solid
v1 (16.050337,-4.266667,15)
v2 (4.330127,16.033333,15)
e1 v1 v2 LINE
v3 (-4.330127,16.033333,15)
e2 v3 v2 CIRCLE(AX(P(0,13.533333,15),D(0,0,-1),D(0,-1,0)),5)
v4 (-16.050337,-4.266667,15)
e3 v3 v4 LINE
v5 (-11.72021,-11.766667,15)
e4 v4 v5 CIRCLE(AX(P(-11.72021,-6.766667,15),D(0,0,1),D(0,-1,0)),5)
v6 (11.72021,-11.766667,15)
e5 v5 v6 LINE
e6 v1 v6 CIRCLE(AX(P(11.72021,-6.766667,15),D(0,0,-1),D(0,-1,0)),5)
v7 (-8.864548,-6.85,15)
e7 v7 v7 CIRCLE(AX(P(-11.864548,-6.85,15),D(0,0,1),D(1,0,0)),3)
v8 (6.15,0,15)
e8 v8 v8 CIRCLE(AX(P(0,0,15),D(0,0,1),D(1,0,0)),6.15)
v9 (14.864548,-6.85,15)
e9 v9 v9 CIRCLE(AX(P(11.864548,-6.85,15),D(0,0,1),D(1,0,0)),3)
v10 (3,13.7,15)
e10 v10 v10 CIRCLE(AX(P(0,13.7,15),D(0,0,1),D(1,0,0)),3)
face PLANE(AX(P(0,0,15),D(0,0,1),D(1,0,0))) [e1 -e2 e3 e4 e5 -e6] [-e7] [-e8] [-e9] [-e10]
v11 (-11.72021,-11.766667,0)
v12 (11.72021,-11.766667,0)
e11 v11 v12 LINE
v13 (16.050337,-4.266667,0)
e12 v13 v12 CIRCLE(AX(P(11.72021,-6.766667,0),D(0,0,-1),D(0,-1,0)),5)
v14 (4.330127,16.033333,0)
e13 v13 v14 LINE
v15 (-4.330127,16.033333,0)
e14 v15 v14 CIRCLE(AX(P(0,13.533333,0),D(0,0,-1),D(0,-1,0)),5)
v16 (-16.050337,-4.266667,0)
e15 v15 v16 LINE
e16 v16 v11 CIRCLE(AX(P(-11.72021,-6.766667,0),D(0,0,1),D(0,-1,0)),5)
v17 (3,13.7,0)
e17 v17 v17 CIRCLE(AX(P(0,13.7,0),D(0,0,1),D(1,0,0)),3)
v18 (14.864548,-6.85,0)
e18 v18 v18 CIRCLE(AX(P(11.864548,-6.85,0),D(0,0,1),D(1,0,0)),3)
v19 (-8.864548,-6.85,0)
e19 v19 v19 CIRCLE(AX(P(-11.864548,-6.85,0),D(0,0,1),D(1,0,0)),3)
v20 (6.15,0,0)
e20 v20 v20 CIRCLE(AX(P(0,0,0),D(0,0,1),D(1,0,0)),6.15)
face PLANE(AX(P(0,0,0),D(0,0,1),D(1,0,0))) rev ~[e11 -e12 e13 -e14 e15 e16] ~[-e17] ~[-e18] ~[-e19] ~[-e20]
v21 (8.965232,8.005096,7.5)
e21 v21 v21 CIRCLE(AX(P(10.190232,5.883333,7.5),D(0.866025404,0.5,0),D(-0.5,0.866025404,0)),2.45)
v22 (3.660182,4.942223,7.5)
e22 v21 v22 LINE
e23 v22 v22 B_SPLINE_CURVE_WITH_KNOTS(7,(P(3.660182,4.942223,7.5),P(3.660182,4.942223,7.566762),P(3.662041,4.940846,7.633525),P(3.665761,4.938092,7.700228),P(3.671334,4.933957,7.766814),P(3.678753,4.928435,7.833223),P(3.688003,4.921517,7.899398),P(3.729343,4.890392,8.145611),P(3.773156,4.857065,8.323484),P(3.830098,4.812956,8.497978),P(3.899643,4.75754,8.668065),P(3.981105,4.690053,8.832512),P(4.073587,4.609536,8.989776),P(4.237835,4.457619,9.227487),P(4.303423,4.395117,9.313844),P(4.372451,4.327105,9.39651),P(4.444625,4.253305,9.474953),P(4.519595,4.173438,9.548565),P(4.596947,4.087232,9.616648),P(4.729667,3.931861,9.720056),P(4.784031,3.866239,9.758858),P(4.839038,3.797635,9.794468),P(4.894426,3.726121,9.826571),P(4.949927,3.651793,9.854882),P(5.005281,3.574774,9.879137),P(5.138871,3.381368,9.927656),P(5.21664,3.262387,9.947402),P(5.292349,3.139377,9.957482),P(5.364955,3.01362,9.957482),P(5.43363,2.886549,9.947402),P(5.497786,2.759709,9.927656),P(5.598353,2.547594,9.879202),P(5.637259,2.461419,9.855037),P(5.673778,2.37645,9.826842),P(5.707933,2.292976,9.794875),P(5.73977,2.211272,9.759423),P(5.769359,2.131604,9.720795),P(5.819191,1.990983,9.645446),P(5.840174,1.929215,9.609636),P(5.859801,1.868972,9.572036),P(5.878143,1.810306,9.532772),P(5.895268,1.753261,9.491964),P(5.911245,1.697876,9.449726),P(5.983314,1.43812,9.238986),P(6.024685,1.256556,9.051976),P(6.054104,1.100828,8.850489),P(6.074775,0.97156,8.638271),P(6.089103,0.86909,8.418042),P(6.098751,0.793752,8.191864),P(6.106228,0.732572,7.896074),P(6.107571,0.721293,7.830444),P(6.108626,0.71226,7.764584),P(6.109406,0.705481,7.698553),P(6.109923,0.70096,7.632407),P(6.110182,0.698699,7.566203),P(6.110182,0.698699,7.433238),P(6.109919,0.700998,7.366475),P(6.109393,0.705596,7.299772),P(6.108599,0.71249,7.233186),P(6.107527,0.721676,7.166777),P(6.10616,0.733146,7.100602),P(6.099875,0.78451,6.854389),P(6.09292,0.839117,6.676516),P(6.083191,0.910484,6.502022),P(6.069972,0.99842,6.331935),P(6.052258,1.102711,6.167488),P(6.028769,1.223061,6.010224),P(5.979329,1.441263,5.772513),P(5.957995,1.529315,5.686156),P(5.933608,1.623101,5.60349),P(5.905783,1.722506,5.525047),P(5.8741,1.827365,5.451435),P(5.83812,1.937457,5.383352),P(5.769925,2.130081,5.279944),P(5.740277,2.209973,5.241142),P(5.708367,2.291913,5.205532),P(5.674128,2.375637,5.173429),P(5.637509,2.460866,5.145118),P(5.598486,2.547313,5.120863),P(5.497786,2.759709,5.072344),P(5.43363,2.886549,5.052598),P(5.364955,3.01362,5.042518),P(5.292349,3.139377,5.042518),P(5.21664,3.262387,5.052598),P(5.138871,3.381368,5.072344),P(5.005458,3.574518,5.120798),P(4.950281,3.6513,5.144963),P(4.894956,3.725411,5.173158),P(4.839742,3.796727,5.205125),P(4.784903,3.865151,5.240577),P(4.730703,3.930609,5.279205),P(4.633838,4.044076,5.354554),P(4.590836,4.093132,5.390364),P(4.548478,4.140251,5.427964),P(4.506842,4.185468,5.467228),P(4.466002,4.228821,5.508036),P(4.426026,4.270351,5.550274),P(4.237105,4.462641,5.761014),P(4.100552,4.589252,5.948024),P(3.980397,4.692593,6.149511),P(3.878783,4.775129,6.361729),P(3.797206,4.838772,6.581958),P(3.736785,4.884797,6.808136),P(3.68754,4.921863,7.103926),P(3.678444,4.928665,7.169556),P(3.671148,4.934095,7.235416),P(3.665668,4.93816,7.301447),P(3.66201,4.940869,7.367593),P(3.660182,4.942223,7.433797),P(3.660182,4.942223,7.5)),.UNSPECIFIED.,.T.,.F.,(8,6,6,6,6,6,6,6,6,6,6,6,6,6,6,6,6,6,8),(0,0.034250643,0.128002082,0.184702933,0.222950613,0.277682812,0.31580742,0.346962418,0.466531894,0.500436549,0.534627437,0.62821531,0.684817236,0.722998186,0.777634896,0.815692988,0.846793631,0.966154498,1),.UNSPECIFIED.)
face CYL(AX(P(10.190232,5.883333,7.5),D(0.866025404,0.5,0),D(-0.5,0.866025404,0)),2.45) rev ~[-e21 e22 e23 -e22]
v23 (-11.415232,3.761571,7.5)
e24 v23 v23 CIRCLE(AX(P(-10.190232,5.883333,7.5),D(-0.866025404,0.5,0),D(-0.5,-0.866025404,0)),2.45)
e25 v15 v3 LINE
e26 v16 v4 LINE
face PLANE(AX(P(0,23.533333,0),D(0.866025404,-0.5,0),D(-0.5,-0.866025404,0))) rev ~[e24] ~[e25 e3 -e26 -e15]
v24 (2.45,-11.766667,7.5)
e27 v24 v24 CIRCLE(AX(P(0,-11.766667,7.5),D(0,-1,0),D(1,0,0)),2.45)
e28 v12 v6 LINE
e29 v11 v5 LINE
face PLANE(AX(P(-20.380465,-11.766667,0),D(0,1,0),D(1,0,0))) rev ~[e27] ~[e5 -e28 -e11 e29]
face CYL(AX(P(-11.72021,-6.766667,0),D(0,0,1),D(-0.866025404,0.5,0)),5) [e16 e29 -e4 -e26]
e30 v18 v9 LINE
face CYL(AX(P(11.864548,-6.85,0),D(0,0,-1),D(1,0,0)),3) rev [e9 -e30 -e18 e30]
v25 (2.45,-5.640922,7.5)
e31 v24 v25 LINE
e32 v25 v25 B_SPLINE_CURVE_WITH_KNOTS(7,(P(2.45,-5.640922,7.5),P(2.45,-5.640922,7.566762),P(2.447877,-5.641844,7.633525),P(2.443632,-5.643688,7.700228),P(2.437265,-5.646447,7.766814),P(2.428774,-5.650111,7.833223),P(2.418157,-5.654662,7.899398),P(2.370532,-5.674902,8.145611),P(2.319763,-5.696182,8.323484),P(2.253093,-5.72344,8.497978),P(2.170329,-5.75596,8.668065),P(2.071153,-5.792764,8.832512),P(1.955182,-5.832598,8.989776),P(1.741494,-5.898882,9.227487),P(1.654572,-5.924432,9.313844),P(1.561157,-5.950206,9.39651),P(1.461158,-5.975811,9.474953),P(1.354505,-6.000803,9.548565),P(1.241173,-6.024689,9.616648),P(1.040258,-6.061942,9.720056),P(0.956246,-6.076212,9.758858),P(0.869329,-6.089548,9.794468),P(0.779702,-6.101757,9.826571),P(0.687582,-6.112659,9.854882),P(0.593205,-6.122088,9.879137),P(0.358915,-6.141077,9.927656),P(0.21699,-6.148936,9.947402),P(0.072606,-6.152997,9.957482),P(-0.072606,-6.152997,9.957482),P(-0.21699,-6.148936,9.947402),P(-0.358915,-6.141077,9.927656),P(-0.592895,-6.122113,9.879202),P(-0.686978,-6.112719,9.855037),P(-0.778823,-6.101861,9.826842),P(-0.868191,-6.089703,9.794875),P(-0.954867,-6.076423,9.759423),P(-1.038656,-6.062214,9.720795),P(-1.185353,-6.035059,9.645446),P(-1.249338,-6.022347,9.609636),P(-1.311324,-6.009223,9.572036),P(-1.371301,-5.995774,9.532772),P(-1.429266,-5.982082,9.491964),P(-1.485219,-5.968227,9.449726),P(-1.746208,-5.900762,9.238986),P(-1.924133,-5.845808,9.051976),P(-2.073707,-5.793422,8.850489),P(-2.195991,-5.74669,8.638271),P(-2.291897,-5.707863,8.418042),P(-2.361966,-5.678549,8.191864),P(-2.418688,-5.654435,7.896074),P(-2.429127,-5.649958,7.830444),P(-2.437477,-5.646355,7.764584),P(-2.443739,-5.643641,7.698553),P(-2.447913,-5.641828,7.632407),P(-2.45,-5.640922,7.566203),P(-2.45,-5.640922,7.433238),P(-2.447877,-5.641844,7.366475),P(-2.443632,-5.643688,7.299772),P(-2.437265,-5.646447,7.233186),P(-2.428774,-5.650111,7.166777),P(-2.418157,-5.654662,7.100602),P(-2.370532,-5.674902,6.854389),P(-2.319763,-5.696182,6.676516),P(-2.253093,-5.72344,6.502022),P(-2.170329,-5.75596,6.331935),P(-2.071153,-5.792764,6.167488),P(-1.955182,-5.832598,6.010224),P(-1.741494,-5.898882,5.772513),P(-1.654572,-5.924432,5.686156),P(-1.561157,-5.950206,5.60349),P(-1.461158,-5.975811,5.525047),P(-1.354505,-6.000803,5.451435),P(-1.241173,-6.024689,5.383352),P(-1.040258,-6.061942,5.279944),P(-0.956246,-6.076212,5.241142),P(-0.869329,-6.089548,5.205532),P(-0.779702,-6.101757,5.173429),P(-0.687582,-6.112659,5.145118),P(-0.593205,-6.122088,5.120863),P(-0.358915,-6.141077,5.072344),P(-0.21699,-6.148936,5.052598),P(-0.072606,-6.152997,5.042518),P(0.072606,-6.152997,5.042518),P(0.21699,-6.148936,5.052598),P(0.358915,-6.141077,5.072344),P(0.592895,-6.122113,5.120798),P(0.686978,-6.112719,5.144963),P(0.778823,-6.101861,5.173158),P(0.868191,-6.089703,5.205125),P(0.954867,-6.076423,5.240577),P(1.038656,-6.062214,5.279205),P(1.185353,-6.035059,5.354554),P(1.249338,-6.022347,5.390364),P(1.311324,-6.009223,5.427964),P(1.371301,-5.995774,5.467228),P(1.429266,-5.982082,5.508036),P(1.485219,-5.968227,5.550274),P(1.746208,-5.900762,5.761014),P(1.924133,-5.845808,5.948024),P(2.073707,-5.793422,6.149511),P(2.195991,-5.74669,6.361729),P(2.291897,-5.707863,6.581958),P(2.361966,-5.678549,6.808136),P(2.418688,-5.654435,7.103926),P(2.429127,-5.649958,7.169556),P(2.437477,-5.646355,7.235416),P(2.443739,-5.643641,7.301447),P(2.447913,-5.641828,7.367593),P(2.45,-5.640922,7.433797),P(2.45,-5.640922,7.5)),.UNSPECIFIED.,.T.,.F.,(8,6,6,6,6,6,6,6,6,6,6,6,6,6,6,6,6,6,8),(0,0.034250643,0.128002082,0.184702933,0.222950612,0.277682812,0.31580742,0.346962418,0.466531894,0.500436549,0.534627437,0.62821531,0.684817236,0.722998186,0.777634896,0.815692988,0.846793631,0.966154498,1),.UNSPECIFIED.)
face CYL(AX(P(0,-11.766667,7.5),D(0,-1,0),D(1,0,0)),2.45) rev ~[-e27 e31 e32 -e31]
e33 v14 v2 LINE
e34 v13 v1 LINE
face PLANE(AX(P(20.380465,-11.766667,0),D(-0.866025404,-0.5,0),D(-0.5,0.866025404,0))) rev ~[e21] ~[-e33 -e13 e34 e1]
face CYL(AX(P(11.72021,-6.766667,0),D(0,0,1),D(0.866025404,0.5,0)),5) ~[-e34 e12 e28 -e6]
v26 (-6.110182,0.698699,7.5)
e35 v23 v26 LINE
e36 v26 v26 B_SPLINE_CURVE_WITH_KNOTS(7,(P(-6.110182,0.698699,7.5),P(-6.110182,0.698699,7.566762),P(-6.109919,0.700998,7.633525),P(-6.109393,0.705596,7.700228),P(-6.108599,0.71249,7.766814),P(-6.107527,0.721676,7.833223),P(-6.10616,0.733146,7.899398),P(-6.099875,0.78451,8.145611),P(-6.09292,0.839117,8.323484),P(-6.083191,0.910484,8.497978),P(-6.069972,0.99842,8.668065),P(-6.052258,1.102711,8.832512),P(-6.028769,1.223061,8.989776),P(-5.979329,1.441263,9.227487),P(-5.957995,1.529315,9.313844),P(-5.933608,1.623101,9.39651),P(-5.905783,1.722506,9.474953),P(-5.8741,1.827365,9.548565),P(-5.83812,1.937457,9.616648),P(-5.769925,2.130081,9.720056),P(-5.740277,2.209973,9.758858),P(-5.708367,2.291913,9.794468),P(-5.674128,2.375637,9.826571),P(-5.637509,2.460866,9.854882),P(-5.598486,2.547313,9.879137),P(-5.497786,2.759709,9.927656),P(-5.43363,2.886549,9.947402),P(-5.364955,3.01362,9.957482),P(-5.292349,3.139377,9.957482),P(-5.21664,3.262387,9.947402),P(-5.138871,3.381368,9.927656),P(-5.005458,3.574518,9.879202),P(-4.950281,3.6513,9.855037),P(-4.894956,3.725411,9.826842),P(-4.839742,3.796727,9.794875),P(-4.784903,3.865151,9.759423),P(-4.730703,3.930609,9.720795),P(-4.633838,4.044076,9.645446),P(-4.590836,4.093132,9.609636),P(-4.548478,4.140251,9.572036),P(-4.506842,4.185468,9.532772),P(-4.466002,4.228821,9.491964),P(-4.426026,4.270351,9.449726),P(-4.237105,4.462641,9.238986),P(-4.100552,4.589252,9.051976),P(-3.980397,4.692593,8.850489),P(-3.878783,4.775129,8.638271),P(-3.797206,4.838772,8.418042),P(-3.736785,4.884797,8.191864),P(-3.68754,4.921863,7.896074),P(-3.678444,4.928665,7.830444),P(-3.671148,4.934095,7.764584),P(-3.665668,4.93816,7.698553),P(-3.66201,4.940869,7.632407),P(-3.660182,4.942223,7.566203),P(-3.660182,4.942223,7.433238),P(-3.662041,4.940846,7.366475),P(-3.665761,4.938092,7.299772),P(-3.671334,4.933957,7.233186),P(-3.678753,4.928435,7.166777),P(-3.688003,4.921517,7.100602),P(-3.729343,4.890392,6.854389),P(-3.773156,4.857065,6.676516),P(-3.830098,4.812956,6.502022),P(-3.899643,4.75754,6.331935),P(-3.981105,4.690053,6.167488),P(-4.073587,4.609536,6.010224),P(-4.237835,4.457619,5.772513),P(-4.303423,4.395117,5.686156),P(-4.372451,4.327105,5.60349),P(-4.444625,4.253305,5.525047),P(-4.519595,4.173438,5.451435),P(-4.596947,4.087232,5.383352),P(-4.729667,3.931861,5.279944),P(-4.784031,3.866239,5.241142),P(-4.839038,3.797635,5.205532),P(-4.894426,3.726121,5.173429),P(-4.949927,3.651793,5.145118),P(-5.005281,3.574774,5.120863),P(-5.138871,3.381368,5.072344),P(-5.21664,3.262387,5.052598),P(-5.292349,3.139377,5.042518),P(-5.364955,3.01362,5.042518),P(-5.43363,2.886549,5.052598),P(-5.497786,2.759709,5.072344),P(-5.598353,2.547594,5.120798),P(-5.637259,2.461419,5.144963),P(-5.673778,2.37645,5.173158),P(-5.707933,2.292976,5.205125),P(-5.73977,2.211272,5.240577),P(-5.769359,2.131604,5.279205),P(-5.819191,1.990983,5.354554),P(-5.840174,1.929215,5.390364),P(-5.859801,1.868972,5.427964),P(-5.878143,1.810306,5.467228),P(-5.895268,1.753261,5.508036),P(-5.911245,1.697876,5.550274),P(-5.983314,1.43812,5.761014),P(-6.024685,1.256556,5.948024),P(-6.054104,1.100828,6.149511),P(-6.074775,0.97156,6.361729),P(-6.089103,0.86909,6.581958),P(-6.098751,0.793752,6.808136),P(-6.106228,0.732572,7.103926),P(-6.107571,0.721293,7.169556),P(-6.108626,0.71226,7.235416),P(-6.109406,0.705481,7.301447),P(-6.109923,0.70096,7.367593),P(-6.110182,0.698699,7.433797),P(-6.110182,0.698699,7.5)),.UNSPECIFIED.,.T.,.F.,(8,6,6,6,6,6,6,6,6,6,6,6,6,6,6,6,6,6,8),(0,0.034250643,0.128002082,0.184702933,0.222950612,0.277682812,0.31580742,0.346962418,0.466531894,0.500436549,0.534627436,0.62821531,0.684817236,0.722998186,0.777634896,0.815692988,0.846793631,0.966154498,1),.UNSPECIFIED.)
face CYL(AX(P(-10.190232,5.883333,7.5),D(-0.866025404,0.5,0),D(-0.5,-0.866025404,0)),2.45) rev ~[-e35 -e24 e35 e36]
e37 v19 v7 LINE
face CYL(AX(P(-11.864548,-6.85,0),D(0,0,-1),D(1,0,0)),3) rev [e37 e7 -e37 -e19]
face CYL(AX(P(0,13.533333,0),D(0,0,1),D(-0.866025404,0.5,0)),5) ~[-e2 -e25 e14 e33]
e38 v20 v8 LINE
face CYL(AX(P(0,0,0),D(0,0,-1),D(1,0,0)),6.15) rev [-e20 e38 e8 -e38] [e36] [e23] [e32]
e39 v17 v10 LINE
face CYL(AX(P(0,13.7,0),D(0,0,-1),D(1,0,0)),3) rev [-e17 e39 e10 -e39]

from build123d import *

# Parameters (mm, degrees)
SKETCH_R           = 3
SKETCH_R_2         = 6.15
PAD_DEPTH          = 15
FILLET_R           = 5
SKETCH001_R        = 2.45
POCKET_DEPTH       = 11
POLARPATTERN_COUNT = 3


with BuildPart() as part:
    # Sketch → Pad (new body)
    with BuildSketch(Plane.XY):
        Polygon((0, 23.5333333333), (-20.3804645024, -11.7666666667), (20.3804645024, -11.7666666667), align=None)
        with Locations((0, 13.7)):
            Circle(SKETCH_R, mode=Mode.SUBTRACT)
        with Locations((11.8645480319, -6.85)):
            Circle(SKETCH_R, mode=Mode.SUBTRACT)
        with Locations((-11.8645480318, -6.85)):
            Circle(SKETCH_R, mode=Mode.SUBTRACT)
        Circle(SKETCH_R_2, mode=Mode.SUBTRACT)
    extrude(amount=PAD_DEPTH)

    # Fillet
    fillet_edges = [part.edges().sort_by_distance(p)[0] for p in [
        (-20.380465, -11.766667, 7.5),
        (0, 23.533333, 7.5),
        (20.380465, -11.766667, 7.5),
    ]]
    fillet(fillet_edges, radius=FILLET_R)

    # Sketch001 (on DatumPlane) → Pocket (cut)
    with BuildSketch(Plane(origin=(-10.1902322512, 5.8833333333, 0), x_dir=(-0.5, -0.8660254038, 0), z_dir=(-0.8660254038, 0.5, 0))):
        with Locations((0, 7.5)):
            Circle(SKETCH001_R)
    pocket = extrude(amount=-POCKET_DEPTH, mode=Mode.SUBTRACT)

    # PolarPattern: Pocket ×3 about axis
    polarpattern_axis = Axis((0, 0, 0), (0, 0, 1))
    for i in range(1, POLARPATTERN_COUNT):
        add(pocket.rotate(polarpattern_axis, i * 360 / POLARPATTERN_COUNT), mode=Mode.SUBTRACT)


solid = part.part
